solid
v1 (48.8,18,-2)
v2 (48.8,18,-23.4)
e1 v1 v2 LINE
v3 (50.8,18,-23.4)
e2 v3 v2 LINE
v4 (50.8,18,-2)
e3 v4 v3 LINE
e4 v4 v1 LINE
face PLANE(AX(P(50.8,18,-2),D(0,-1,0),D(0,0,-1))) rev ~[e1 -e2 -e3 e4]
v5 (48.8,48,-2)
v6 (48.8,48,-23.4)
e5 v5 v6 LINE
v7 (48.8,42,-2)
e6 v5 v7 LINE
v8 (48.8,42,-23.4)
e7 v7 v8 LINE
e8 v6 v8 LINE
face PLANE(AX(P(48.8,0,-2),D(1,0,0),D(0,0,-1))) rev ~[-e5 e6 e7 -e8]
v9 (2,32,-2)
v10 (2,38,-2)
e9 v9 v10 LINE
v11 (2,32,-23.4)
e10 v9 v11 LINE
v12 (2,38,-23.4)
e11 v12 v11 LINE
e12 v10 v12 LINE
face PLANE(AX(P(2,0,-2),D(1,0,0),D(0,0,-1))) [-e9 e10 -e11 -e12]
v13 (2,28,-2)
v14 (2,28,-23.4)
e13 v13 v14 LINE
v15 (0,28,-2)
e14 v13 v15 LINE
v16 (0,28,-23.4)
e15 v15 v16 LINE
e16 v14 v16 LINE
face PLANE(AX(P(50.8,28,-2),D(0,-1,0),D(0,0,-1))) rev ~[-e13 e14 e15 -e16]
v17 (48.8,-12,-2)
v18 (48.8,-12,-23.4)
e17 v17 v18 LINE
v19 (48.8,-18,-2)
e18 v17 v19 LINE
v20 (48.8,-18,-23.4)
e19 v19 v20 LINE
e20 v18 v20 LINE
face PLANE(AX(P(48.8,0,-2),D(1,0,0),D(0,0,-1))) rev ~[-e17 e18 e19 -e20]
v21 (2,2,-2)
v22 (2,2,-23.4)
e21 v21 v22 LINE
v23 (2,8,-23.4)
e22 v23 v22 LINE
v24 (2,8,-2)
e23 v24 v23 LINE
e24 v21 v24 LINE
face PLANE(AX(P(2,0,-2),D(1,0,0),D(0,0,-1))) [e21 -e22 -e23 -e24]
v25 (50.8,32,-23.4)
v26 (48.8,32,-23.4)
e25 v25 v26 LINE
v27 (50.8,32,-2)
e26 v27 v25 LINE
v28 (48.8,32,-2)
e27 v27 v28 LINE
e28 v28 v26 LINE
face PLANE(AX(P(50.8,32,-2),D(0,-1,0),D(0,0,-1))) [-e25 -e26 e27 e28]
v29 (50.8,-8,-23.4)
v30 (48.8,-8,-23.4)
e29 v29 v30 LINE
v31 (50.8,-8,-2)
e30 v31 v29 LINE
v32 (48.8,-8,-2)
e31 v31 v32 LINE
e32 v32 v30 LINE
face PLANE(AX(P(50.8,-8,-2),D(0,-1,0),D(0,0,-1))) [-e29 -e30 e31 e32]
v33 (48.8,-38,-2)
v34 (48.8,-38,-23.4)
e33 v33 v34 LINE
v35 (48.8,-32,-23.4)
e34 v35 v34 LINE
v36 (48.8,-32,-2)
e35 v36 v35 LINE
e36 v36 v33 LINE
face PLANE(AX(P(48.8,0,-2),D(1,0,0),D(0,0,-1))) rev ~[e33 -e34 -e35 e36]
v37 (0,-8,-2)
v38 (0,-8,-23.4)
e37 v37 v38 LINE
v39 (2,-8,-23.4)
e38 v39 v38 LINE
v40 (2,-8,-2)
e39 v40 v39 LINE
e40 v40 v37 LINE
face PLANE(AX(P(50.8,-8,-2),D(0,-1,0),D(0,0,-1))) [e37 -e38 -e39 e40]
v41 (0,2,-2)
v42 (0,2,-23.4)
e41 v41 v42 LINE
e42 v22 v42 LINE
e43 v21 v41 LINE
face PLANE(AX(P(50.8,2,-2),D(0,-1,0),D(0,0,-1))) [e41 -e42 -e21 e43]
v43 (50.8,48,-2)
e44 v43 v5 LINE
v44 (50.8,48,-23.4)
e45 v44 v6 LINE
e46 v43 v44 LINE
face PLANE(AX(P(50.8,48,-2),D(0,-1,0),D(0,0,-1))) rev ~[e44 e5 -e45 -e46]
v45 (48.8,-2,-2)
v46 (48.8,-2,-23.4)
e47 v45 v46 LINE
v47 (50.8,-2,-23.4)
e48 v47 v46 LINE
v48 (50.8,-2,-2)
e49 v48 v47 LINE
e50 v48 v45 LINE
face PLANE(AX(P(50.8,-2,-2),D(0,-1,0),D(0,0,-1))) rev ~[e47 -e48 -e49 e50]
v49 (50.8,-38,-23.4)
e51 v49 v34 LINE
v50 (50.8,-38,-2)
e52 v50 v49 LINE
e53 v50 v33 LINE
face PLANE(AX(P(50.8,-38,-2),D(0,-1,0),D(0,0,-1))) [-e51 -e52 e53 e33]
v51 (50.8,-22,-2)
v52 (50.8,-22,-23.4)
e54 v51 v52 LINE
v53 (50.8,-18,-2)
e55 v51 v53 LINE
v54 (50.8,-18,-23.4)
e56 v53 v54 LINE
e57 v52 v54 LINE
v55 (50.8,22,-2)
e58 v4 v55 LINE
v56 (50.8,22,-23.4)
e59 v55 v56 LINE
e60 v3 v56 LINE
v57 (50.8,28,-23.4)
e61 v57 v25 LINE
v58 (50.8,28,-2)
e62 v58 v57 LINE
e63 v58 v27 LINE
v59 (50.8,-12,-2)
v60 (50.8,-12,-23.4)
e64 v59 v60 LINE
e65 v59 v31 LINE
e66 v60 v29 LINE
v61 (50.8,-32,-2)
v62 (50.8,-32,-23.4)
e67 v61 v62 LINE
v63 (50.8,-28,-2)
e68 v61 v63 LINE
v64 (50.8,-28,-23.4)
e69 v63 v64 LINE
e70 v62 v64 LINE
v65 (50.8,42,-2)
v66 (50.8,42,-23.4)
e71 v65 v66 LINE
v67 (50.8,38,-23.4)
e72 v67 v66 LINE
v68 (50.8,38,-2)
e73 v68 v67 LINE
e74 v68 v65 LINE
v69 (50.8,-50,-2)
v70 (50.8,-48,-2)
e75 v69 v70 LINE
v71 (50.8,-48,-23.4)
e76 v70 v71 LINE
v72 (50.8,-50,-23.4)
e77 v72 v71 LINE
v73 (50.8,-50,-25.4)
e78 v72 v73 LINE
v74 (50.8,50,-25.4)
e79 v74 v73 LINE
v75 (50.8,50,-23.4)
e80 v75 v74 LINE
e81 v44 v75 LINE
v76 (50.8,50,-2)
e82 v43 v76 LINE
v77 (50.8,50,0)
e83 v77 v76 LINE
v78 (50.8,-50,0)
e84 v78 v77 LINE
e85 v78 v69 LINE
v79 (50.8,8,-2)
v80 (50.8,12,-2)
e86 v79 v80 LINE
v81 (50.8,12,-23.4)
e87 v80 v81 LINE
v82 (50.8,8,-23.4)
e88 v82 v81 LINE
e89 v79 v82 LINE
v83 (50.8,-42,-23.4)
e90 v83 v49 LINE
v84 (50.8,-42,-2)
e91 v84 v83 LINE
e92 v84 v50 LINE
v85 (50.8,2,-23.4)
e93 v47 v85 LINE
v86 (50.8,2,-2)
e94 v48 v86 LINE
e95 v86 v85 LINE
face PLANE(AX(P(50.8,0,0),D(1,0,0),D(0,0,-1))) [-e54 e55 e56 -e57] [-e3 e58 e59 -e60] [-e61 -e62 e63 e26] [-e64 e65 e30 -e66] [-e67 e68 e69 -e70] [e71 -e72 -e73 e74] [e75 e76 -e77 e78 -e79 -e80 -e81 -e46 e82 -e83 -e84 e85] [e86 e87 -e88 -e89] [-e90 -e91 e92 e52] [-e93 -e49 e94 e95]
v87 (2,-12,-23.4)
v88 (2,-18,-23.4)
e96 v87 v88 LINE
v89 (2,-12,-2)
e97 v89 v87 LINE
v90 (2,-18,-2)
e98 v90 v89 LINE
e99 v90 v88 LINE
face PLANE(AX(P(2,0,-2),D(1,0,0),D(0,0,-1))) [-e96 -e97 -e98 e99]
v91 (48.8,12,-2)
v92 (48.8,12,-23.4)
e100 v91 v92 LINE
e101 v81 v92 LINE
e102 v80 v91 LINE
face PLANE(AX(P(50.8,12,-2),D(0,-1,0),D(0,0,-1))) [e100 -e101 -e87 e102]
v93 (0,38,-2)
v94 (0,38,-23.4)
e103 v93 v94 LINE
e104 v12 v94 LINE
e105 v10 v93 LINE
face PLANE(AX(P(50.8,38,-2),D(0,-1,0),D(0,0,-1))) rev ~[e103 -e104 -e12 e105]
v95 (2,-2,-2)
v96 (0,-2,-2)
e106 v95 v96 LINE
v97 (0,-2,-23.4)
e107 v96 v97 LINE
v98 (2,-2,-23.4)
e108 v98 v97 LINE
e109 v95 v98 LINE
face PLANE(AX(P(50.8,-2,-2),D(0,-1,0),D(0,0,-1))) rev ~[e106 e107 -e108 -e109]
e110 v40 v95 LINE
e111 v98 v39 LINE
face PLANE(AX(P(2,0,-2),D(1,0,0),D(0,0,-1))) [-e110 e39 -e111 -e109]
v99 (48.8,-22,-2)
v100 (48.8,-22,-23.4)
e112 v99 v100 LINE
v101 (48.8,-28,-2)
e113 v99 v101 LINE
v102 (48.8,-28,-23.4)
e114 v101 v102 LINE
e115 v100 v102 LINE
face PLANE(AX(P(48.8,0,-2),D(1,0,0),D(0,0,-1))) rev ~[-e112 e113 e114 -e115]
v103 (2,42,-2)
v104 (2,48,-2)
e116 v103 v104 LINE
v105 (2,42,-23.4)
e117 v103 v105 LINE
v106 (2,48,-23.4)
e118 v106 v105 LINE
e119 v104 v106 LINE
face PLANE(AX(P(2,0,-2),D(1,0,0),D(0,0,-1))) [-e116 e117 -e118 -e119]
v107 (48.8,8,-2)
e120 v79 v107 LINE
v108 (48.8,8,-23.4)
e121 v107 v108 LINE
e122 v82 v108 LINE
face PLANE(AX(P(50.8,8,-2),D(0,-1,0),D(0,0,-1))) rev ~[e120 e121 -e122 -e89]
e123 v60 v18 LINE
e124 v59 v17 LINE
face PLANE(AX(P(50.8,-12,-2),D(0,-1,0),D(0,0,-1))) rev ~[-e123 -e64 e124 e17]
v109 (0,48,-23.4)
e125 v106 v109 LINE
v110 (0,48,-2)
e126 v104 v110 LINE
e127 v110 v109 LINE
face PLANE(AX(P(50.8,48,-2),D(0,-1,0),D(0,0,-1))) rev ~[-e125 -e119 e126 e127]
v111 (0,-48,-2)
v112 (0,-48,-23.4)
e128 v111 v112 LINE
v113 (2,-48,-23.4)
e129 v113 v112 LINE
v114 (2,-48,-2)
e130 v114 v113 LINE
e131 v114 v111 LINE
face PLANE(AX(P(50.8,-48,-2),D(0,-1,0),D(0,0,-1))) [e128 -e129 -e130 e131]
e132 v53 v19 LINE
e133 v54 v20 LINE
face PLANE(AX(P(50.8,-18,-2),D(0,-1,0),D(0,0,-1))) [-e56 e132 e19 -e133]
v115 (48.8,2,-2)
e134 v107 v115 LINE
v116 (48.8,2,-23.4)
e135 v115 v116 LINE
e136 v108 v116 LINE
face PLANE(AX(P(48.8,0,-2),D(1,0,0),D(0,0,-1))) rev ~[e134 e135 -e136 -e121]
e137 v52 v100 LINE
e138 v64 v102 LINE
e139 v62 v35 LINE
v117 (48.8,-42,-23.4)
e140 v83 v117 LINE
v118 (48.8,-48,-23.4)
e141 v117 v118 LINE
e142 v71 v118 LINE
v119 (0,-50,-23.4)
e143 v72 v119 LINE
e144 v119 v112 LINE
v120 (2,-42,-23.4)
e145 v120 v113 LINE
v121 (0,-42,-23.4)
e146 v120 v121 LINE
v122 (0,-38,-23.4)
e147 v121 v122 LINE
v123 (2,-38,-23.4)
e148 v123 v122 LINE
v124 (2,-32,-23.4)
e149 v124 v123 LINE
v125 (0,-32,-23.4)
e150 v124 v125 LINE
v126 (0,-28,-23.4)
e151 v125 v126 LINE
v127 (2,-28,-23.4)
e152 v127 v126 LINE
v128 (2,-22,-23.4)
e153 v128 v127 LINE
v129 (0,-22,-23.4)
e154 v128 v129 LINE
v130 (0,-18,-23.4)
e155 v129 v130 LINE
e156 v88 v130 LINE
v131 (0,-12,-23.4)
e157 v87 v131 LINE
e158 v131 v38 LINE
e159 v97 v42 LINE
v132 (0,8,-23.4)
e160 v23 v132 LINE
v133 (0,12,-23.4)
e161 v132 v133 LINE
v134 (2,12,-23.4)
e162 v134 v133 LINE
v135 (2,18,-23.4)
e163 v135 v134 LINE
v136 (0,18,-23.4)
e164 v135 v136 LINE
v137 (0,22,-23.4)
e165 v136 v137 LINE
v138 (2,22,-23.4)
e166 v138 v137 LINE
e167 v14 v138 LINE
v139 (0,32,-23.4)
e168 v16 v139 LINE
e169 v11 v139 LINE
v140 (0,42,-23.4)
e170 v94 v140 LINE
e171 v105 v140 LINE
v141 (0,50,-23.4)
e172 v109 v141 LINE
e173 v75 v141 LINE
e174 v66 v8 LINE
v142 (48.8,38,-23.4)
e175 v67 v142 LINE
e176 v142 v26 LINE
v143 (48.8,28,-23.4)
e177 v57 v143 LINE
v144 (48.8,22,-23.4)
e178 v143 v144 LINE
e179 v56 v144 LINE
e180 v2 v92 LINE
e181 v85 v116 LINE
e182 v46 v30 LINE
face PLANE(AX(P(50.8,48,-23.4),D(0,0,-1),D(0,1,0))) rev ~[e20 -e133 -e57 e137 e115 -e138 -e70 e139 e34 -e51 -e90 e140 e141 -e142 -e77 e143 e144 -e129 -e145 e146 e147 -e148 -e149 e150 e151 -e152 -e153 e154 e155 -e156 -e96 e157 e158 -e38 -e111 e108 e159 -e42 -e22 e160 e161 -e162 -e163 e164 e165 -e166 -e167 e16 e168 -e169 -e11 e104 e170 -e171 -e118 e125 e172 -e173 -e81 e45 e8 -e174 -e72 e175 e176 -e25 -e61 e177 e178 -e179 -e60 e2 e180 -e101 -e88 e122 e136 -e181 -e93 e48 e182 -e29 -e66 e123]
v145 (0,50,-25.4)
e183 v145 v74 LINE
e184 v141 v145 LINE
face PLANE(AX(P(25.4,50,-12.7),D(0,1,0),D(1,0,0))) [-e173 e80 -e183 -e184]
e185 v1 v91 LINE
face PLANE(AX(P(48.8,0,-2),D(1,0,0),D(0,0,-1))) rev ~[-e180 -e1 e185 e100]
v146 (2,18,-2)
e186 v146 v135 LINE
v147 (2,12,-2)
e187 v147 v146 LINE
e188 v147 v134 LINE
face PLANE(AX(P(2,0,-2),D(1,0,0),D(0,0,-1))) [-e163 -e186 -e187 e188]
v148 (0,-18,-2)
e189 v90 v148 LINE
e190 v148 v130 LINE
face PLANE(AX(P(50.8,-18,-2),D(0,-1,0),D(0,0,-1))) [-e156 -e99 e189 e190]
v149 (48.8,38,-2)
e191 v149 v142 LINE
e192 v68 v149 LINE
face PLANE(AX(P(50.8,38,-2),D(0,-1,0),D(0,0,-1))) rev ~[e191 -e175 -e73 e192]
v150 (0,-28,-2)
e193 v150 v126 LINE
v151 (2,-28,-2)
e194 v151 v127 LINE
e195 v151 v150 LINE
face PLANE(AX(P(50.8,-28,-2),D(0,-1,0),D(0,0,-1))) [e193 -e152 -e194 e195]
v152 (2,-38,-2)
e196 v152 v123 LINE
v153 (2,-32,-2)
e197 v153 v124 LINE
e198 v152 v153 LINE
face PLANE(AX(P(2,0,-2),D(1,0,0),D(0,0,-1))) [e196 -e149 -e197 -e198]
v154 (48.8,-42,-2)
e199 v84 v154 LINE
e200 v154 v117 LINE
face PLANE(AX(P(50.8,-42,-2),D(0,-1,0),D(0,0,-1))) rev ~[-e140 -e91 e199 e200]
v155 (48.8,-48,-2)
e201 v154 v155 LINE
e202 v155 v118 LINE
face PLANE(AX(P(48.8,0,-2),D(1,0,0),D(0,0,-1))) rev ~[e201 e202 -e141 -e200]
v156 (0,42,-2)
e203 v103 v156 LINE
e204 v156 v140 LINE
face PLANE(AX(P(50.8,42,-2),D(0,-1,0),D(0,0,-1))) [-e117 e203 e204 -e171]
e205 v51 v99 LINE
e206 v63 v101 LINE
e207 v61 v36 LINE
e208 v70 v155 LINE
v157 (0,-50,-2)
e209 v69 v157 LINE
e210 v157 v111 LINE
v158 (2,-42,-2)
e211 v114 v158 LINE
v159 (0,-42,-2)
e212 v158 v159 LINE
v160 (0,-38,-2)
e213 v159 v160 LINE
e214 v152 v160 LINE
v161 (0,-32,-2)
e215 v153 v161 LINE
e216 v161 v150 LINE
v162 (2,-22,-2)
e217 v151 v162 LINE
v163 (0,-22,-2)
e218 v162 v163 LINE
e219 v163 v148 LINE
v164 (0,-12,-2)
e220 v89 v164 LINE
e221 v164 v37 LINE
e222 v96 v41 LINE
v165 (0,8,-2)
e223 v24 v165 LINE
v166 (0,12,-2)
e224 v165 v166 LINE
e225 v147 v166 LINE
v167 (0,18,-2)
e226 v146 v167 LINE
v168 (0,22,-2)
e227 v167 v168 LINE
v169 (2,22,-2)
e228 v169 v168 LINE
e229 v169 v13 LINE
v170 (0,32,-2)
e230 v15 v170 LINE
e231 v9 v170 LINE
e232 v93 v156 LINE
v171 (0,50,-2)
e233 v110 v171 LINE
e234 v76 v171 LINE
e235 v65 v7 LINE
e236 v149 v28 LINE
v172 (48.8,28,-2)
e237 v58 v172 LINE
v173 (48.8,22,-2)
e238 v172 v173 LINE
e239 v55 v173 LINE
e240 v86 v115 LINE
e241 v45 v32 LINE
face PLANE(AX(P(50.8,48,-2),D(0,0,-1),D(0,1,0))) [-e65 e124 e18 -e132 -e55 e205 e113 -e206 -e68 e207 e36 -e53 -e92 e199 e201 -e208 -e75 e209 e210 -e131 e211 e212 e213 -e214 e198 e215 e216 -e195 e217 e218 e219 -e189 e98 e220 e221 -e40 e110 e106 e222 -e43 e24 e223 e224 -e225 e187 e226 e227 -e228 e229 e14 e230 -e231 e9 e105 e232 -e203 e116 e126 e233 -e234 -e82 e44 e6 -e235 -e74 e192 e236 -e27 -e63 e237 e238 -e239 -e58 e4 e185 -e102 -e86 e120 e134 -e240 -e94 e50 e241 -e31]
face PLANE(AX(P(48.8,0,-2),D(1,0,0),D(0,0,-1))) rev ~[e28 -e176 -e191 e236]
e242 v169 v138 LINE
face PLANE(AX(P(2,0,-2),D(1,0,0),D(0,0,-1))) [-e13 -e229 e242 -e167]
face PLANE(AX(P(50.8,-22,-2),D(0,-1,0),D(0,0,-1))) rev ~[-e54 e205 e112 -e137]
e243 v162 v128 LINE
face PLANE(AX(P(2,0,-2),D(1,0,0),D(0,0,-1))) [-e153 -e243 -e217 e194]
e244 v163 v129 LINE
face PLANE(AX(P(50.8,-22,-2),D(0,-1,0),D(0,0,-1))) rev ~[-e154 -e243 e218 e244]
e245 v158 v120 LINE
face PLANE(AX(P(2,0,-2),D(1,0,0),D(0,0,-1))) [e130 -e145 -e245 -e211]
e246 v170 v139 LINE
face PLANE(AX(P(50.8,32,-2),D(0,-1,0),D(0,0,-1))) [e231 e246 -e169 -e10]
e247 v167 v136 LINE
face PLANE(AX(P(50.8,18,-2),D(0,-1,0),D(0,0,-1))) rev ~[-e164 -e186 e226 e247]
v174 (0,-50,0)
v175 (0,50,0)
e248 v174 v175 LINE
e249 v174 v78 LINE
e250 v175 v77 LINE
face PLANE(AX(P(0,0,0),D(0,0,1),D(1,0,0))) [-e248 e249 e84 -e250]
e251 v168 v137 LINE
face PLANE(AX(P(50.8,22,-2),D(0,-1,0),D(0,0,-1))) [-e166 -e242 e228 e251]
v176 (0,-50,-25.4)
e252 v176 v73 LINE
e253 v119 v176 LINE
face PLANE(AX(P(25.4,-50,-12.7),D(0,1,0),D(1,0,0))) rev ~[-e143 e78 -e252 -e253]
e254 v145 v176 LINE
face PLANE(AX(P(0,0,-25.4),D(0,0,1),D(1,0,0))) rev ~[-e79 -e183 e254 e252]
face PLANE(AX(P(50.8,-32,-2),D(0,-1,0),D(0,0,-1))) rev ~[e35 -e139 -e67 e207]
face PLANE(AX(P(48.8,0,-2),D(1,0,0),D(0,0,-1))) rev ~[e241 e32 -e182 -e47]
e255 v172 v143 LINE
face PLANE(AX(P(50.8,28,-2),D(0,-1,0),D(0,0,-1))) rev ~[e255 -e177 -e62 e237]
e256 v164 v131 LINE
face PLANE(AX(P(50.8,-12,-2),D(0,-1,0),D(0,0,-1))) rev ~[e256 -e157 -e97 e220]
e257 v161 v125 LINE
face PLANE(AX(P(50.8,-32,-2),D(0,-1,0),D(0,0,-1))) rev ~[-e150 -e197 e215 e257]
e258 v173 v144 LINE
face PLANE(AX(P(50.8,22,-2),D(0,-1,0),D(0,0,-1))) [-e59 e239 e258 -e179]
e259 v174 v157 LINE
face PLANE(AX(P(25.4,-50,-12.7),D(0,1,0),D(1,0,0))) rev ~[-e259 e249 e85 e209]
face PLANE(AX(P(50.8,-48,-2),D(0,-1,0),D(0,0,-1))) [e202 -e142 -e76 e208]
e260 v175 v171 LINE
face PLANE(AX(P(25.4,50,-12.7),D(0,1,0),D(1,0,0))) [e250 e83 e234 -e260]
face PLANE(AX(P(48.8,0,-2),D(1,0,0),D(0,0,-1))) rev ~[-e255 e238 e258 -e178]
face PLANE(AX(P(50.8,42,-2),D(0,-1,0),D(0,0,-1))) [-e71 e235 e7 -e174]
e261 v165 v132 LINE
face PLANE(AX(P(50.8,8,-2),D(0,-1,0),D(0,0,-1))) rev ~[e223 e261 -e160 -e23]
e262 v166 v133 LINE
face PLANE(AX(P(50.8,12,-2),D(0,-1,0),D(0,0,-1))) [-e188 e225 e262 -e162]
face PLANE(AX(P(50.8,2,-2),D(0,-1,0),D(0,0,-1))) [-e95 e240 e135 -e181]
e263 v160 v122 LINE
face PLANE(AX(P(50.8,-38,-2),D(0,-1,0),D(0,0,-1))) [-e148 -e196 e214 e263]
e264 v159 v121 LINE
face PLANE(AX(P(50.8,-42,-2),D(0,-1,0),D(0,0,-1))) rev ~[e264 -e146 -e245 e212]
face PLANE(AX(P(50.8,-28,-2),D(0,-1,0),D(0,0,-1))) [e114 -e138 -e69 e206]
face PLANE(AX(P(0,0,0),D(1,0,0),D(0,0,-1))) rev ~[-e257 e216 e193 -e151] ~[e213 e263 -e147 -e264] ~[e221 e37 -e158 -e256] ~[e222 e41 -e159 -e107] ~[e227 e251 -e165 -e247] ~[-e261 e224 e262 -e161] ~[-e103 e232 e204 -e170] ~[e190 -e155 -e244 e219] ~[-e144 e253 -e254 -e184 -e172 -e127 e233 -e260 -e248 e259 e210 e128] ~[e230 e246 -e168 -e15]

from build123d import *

# Parameters (mm, degrees)
SKETCH1_W           = 50.8
SKETCH1_H           = 25.4
SKETCH1_W_2         = 46.8
SKETCH1_H_2         = 21.4
BOSS_EXTRUDE1_DEPTH = 50
SKETCH2_W           = 21.4
SKETCH2_H           = 4
CUT_EXTRUDE1_DEPTH  = 76.669016116
LPATTERN1_COUNT     = 6
LPATTERN1_PITCH     = 10
LPATTERN1_COL_COUNT = 6
LPATTERN1_COL_PITCH = 10


with BuildPart() as part:
    # Sketch1 → Boss-Extrude1 (new, symmetric)
    with BuildSketch(Plane(origin=(0, 0, 0), x_dir=(1, 0, 0), z_dir=(0, 1, 0))):
        with Locations((25.4, 12.7)):
            Rectangle(SKETCH1_W, SKETCH1_H)
        with Locations((25.4, 12.7)):
            Rectangle(SKETCH1_W_2, SKETCH1_H_2, mode=Mode.SUBTRACT)
    extrude(amount=BOSS_EXTRUDE1_DEPTH, both=True)

    # Sketch2 → Cut-Extrude1 (cut, through all)
    with BuildSketch(Plane(origin=(50.8, 0, 0), x_dir=(0, 0, -1), z_dir=(1, 0, 0))):
        with Locations((12.7, 0)):
            Rectangle(SKETCH2_W, SKETCH2_H)
    cut_extrude1 = extrude(amount=-CUT_EXTRUDE1_DEPTH, mode=Mode.SUBTRACT)

    # LPattern1: Cut-Extrude1 ×6
    with Locations(*[(0, -i * LPATTERN1_PITCH, 0) for i in range(1, LPATTERN1_COUNT)]):
        add(cut_extrude1, mode=Mode.SUBTRACT)

    # LPattern1 col: Cut-Extrude1 ×6
    with Locations(*[(0, i * LPATTERN1_COL_PITCH, 0) for i in range(1, LPATTERN1_COL_COUNT)]):
        add(cut_extrude1, mode=Mode.SUBTRACT)


solid = part.part
